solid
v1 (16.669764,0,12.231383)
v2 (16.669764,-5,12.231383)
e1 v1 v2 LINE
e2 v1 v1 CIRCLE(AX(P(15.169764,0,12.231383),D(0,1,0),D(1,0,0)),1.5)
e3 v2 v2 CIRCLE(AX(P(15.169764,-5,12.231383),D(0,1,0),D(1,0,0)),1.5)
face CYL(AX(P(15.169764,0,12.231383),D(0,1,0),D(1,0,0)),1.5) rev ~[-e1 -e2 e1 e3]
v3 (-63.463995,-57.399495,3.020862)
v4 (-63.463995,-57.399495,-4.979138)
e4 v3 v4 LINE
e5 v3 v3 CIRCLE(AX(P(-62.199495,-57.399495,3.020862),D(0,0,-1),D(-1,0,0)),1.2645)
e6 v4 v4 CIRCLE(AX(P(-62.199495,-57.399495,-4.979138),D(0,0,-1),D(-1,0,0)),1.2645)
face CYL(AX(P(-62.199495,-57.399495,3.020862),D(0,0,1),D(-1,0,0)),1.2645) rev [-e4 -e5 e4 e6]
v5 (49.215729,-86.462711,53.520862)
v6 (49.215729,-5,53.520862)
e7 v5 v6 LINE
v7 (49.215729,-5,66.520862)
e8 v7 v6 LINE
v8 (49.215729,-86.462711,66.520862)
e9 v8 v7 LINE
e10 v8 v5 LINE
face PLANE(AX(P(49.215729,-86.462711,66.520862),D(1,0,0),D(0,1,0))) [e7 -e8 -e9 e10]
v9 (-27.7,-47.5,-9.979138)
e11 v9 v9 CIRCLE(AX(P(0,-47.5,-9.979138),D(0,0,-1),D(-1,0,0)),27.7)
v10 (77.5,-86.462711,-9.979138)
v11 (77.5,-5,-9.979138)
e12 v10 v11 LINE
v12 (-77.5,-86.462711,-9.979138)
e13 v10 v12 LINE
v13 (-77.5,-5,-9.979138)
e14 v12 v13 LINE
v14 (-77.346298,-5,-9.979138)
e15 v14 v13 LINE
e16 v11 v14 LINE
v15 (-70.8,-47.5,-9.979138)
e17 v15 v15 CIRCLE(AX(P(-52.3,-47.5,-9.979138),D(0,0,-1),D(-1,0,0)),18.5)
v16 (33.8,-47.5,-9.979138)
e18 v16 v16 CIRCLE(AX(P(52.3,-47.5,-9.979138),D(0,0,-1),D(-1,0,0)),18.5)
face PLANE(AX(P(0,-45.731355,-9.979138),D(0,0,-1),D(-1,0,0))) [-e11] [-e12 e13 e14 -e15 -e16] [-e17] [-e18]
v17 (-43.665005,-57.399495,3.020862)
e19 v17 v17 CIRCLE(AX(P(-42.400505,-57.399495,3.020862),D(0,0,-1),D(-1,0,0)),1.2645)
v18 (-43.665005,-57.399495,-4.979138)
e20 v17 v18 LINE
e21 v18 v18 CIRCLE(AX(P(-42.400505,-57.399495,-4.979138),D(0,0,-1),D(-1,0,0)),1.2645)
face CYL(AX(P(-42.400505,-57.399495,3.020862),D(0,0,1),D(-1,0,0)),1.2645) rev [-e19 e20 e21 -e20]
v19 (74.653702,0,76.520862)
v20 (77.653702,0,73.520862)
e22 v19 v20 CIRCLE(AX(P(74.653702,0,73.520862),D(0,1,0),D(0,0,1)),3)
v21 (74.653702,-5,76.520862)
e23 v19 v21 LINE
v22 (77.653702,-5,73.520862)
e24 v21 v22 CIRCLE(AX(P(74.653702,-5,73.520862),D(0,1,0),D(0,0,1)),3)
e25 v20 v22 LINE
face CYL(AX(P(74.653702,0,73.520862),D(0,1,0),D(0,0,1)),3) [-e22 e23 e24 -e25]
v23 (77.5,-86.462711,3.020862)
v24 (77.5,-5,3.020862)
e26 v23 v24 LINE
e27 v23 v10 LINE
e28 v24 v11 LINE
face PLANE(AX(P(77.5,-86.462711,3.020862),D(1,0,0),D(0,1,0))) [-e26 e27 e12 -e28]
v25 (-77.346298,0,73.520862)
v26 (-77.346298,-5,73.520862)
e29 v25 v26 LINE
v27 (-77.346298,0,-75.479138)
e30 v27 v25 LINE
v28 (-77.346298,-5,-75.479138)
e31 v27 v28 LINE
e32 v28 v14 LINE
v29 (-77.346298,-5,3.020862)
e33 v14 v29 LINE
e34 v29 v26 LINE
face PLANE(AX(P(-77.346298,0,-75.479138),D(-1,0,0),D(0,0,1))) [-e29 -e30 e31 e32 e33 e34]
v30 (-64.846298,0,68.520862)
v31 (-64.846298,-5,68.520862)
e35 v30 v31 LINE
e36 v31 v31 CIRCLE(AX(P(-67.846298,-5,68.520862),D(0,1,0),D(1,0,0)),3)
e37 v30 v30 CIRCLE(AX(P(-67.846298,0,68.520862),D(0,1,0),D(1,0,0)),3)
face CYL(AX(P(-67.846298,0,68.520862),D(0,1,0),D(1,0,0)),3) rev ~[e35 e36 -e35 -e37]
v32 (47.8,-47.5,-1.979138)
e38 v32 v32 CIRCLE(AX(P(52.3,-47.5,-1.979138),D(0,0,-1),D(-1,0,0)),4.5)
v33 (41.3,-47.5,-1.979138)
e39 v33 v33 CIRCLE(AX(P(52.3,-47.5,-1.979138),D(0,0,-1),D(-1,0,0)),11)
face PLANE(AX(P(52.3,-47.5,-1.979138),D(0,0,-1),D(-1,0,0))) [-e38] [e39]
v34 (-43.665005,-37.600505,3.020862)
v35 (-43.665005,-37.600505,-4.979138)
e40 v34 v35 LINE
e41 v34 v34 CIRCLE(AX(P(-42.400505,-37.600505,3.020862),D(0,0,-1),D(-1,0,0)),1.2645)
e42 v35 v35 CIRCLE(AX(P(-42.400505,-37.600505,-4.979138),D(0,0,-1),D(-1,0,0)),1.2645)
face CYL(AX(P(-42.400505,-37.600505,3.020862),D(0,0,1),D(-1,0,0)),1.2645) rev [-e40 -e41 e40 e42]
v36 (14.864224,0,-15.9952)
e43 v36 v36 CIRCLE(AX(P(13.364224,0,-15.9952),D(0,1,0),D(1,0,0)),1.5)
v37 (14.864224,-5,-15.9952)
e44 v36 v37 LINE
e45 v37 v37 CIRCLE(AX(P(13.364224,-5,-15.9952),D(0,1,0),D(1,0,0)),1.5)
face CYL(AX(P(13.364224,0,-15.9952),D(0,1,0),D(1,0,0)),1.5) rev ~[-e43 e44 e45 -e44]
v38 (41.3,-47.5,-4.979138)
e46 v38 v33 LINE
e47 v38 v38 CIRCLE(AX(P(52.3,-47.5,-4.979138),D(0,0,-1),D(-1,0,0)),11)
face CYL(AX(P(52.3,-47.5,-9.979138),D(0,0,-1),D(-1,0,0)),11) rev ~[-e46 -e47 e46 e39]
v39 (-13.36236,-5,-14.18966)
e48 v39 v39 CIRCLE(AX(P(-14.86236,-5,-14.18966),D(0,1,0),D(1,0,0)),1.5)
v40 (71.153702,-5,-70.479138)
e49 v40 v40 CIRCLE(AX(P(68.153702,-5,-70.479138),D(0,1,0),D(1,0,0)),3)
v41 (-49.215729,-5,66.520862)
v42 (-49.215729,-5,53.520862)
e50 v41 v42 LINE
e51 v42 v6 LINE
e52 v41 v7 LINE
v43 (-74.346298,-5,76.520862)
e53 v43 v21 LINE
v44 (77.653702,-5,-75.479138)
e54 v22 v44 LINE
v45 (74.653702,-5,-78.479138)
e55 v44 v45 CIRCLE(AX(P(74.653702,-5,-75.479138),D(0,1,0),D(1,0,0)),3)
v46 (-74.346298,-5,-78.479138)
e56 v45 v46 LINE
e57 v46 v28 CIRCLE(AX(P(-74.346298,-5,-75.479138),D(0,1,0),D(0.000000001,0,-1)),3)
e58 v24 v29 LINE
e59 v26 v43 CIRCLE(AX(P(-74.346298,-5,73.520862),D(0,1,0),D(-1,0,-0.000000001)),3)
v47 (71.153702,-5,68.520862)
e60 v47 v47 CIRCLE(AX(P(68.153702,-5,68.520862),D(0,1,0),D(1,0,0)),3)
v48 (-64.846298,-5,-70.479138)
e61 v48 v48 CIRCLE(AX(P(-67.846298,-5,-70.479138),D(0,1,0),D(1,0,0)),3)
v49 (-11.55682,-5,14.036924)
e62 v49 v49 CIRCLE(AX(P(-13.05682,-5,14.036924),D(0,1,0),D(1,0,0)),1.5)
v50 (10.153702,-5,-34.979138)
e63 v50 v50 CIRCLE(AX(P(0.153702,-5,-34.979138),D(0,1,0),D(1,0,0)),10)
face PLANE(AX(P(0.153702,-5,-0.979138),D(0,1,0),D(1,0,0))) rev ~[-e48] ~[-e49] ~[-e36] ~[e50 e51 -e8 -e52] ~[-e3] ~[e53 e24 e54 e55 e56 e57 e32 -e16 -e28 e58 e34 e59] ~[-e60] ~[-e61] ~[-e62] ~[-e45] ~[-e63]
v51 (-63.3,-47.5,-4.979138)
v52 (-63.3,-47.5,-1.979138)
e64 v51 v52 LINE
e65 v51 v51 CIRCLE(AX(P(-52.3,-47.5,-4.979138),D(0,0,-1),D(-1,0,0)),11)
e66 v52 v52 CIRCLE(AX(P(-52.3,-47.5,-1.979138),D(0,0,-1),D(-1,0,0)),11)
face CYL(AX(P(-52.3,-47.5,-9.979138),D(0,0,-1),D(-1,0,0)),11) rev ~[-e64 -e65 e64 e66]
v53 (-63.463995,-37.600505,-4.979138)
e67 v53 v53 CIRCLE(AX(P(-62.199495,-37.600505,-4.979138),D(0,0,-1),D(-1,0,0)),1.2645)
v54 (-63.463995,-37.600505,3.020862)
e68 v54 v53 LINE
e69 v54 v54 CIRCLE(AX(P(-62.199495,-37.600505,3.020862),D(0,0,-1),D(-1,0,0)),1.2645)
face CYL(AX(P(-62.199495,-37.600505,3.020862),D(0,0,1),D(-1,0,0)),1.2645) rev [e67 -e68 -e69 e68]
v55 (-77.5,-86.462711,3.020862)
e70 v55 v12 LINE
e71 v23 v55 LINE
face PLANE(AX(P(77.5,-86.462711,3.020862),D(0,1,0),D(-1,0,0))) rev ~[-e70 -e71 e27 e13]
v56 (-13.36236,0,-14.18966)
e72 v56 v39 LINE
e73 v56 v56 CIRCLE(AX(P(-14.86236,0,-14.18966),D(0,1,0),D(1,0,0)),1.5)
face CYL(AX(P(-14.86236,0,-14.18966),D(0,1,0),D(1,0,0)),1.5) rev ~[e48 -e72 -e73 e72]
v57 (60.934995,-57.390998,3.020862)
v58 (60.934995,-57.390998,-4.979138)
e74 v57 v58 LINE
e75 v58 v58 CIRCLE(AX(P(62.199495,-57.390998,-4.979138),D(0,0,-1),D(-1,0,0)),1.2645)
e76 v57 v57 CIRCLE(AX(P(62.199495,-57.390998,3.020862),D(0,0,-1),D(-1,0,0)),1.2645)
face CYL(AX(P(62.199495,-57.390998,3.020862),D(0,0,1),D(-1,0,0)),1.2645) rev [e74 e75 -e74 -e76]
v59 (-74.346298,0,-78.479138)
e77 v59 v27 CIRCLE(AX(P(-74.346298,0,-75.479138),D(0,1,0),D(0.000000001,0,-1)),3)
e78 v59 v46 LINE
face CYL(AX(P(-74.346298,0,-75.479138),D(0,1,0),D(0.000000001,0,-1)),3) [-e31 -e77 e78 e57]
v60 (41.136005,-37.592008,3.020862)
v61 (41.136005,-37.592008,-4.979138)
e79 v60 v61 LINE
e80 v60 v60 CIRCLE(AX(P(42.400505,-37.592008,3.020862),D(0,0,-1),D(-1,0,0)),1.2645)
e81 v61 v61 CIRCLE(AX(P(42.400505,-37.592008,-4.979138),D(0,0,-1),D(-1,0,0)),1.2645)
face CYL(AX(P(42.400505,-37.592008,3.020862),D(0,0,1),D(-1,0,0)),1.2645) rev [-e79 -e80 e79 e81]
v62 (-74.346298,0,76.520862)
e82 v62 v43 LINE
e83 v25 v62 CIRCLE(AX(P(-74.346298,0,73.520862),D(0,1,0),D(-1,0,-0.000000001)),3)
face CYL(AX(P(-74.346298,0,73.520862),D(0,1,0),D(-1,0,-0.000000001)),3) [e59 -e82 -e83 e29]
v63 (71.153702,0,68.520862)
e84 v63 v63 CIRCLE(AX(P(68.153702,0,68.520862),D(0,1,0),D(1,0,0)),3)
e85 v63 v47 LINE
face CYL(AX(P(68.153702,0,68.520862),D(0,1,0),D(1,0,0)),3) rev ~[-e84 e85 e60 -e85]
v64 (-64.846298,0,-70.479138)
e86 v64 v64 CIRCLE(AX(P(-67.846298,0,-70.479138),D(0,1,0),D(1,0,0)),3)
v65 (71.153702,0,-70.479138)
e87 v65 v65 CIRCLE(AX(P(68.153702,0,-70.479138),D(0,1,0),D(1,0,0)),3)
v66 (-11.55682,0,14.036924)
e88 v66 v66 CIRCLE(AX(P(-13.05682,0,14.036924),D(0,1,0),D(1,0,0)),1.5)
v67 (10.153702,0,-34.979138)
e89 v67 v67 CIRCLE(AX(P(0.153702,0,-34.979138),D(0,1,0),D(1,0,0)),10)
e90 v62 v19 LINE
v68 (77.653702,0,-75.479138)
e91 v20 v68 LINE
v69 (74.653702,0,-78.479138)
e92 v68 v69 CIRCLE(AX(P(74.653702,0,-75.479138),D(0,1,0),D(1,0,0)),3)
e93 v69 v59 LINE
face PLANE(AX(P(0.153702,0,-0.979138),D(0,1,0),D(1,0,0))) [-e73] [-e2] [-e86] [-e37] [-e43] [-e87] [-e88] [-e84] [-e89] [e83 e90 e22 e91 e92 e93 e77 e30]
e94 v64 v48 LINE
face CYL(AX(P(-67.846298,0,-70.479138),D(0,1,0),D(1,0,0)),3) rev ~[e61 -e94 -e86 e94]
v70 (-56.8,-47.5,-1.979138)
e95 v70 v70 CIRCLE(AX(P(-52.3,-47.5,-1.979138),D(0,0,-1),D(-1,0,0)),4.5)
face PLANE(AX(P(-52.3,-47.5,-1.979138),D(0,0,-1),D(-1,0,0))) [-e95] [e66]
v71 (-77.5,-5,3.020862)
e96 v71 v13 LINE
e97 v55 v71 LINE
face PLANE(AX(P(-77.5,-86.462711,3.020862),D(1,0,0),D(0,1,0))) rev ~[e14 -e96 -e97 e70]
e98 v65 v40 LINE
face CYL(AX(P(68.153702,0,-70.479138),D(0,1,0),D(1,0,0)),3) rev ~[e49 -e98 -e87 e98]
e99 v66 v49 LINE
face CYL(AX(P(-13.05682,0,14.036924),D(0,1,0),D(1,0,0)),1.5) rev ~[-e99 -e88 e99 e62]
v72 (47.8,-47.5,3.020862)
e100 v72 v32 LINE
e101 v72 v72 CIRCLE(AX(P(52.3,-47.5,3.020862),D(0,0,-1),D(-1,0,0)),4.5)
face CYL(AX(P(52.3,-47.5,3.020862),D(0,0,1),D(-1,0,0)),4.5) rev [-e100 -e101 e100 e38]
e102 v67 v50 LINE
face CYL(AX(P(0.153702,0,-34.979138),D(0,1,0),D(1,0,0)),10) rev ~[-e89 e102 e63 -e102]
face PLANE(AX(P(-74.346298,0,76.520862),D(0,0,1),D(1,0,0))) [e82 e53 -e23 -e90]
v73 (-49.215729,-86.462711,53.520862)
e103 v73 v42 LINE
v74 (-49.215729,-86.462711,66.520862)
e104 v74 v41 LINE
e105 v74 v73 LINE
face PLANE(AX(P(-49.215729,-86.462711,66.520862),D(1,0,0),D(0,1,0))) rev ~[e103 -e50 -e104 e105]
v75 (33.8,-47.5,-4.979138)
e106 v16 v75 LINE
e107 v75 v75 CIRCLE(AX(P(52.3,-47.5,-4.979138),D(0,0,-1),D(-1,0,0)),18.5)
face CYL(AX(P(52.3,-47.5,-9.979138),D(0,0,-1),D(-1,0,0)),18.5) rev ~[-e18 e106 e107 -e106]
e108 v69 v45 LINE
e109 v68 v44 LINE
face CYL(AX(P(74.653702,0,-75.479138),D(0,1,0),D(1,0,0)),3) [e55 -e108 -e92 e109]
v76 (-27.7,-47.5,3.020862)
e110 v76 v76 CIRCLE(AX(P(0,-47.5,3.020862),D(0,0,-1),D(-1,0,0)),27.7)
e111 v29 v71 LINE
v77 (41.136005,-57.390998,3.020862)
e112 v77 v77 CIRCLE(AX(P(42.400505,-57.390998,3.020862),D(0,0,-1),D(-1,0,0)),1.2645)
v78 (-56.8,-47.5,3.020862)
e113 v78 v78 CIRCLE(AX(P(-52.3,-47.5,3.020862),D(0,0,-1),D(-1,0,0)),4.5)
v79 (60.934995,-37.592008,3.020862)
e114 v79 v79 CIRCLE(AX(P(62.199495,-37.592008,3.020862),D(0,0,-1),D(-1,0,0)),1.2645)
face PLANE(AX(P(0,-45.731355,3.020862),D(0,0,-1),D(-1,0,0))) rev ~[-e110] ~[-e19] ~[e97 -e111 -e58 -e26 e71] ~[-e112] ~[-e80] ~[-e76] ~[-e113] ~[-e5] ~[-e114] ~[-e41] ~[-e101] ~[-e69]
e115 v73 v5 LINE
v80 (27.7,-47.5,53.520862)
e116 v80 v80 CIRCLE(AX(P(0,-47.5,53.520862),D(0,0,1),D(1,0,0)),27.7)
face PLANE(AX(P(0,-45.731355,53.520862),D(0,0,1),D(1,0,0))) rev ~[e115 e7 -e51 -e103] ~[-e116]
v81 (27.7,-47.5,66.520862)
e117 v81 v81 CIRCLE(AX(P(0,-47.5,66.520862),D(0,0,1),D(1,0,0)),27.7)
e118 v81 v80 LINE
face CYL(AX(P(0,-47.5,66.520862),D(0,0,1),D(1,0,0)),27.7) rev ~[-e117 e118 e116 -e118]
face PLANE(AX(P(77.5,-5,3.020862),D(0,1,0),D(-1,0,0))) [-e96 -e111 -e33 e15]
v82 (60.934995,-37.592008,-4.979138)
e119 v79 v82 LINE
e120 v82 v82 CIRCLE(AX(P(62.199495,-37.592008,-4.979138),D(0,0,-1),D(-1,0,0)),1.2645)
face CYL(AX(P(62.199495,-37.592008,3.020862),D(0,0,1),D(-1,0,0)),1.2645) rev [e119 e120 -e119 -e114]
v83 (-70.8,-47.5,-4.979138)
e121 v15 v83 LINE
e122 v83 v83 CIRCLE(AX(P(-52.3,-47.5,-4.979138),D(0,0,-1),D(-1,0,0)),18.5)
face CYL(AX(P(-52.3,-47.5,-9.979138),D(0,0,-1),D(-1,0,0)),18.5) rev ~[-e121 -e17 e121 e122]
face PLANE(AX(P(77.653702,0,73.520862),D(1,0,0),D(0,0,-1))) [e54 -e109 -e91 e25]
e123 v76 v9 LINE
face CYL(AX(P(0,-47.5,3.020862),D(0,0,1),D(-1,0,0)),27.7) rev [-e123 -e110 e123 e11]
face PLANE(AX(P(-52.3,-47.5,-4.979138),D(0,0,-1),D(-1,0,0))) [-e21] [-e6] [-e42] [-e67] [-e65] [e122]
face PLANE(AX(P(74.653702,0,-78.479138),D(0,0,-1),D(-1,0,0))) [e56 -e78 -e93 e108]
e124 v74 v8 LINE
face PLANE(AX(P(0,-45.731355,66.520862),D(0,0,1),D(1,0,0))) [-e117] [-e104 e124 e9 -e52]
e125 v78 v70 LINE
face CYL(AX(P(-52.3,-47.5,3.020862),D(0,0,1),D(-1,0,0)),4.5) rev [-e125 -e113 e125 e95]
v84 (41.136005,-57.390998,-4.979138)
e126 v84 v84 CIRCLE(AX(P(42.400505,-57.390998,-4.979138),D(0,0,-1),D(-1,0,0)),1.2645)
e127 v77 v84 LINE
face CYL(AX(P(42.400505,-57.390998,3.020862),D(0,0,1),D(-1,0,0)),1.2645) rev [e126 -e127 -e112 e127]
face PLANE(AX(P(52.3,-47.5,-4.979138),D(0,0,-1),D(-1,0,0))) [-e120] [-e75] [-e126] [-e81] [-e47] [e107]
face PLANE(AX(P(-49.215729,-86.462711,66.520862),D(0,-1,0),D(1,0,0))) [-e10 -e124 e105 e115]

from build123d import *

# Parameters (mm, degrees)
SKETCH1_R           = 10
SKETCH1_R_2         = 3
SKETCH1_R_3         = 1.5
BOSS_EXTRUDE1_DEPTH = 5
SKETCH2_W           = 98.431457506
SKETCH2_H           = 81.46271096
SKETCH2_R           = 27.7
BOSS_EXTRUDE2_DEPTH = 13
SKETCH3_W           = 155
SKETCH3_H           = 81.46271096
SKETCH3_R           = 27.7
SKETCH3_R_2         = 1.2645
SKETCH3_R_3         = 4.5
BOSS_EXTRUDE3_DEPTH = 13
CUT_EXTRUDE1_START  = -5
SKETCH4_R           = 18.5
SKETCH4_R_2         = 4.5
SKETCH4_R_3         = 1.2645
CUT_EXTRUDE1_DEPTH  = 5
CUT_EXTRUDE2_START  = -8
SKETCH4_3_R         = 11
SKETCH4_3_R_2       = 4.5
CUT_EXTRUDE2_DEPTH  = 8
LPATTERN1_COUNT     = 2
LPATTERN1_PITCH     = 104.6
CUT_EXTRUDE3_START  = -36
SKETCH5_W           = 23.598249953
SKETCH5_H           = 5
CUT_EXTRUDE3_DEPTH  = 23


with BuildPart() as part:
    # Sketch1 → Boss-Extrude1 (new body)
    with BuildSketch(Plane(origin=(0, 0, 0), x_dir=(1, 0, 0), z_dir=(0, 1, 0))):
        with BuildLine():
            Line((74.653701946, 78.479138322), (-74.346298054, 78.479138322))
            ThreePointArc((-74.346298054, 78.479138322), (-76.467618398, 77.600458666), (-77.346298054, 75.479138322))
            Line((-77.346298054, 75.479138322), (-77.346298054, -73.520861678))
            ThreePointArc((-77.346298054, -73.520861678), (-76.467618398, -75.642182022), (-74.346298054, -76.520861678))
            Line((-74.346298054, -76.520861678), (74.653701946, -76.520861678))
            ThreePointArc((74.653701946, -76.520861678), (76.775022289, -75.642182022), (77.653701946, -73.520861678))
            Line((77.653701946, -73.520861678), (77.653701946, 75.479138322))
            ThreePointArc((77.653701946, 75.479138322), (76.775022289, 77.600458666), (74.653701946, 78.479138322))
        make_face()
        with Locations((0.153701946, 34.979138322)):
            Circle(SKETCH1_R, mode=Mode.SUBTRACT)
        with Locations((68.153701946, -68.520861678)):
            Circle(SKETCH1_R_2, mode=Mode.SUBTRACT)
        with Locations((68.153701946, 70.479138322)):
            Circle(SKETCH1_R_2, mode=Mode.SUBTRACT)
        with Locations((-67.846298054, 70.479138322)):
            Circle(SKETCH1_R_2, mode=Mode.SUBTRACT)
        with Locations((-67.846298054, -68.520861678)):
            Circle(SKETCH1_R_2, mode=Mode.SUBTRACT)
        with Locations((-14.862359946, 14.189660085)):
            Circle(SKETCH1_R_3, mode=Mode.SUBTRACT)
        with Locations((-13.056819817, -14.03692357)):
            Circle(SKETCH1_R_3, mode=Mode.SUBTRACT)
        with Locations((15.169763838, -12.231383441)):
            Circle(SKETCH1_R_3, mode=Mode.SUBTRACT)
        with Locations((13.364223709, 15.995200214)):
            Circle(SKETCH1_R_3, mode=Mode.SUBTRACT)
    extrude(amount=-BOSS_EXTRUDE1_DEPTH)

    # Sketch2 → Boss-Extrude2 (add)
    with BuildSketch(Plane.XY.offset(66.520861678)):
        with Locations((0, -45.73135548)):
            Rectangle(SKETCH2_W, SKETCH2_H)
        with Locations((0, -47.5)):
            Circle(SKETCH2_R, mode=Mode.SUBTRACT)
    extrude(amount=-BOSS_EXTRUDE2_DEPTH)

    # Sketch3 → Boss-Extrude3 (add)
    with BuildSketch(Plane(origin=(0, 0, 3.020861678), x_dir=(-1, 0, 0), z_dir=(0, 0, -1))):
        with Locations((0, -45.73135548)):
            Rectangle(SKETCH3_W, SKETCH3_H)
        with Locations((0, -47.5)):
            Circle(SKETCH3_R, mode=Mode.SUBTRACT)
        with Locations((42.400505063, -57.399494937)):
            Circle(SKETCH3_R_2, mode=Mode.SUBTRACT)
        with Locations((42.400505063, -37.600505063)):
            Circle(SKETCH3_R_2, mode=Mode.SUBTRACT)
        with Locations((52.3, -47.5)):
            Circle(SKETCH3_R_3, mode=Mode.SUBTRACT)
        with Locations((62.199494937, -37.600505063)):
            Circle(SKETCH3_R_2, mode=Mode.SUBTRACT)
        with Locations((62.199494937, -57.399494937)):
            Circle(SKETCH3_R_2, mode=Mode.SUBTRACT)
        with Locations((-42.400505063, -57.390997892)):
            Circle(SKETCH3_R_2, mode=Mode.SUBTRACT)
        with Locations((-42.400505063, -37.592008019)):
            Circle(SKETCH3_R_2, mode=Mode.SUBTRACT)
        with Locations((-52.3, -47.5)):
            Circle(SKETCH3_R_3, mode=Mode.SUBTRACT)
        with Locations((-62.199494937, -57.390997892)):
            Circle(SKETCH3_R_2, mode=Mode.SUBTRACT)
        with Locations((-62.199494937, -37.592008019)):
            Circle(SKETCH3_R_2, mode=Mode.SUBTRACT)
    extrude(amount=BOSS_EXTRUDE3_DEPTH)

    # Sketch4 → Cut-Extrude1 (cut)
    with BuildSketch(Plane(origin=(0, 0, -9.979138322), x_dir=(-1, 0, 0), z_dir=(0, 0, -1)).offset(CUT_EXTRUDE1_START)):
        with Locations((52.3, -47.5)):
            Circle(SKETCH4_R)
        with Locations((52.3, -47.5)):
            Circle(SKETCH4_R_2, mode=Mode.SUBTRACT)
        with Locations((42.400505063, -57.399494937)):
            Circle(SKETCH4_R_3, mode=Mode.SUBTRACT)
        with Locations((62.199494937, -57.399494937)):
            Circle(SKETCH4_R_3, mode=Mode.SUBTRACT)
        with Locations((42.400505063, -37.600505063)):
            Circle(SKETCH4_R_3, mode=Mode.SUBTRACT)
        with Locations((62.199494937, -37.600505063)):
            Circle(SKETCH4_R_3, mode=Mode.SUBTRACT)
    cut_extrude1 = extrude(amount=CUT_EXTRUDE1_DEPTH, mode=Mode.SUBTRACT)

    # Sketch4<3> → Cut-Extrude2 (cut)
    with BuildSketch(Plane(origin=(0, 0, -9.979138322), x_dir=(-1, 0, 0), z_dir=(0, 0, -1)).offset(CUT_EXTRUDE2_START)):
        with Locations((52.3, -47.5)):
            Circle(SKETCH4_3_R)
        with Locations((52.3, -47.5)):
            Circle(SKETCH4_3_R_2, mode=Mode.SUBTRACT)
    cut_extrude2 = extrude(amount=CUT_EXTRUDE2_DEPTH, mode=Mode.SUBTRACT)

    # LPattern1: Cut-Extrude1, Cut-Extrude2 ×2
    with Locations(*[(i * LPATTERN1_PITCH, 0, 0) for i in range(1, LPATTERN1_COUNT)]):
        add(cut_extrude1, mode=Mode.SUBTRACT)
        add(cut_extrude2, mode=Mode.SUBTRACT)

    # Sketch5 → Cut-Extrude3 (cut)
    with BuildSketch(Plane(origin=(0, 0, 0), x_dir=(1, 0, 0), z_dir=(0, 1, 0)).offset(CUT_EXTRUDE3_START)):
        with Locations((52.291592137, 7.479138322)):
            Rectangle(SKETCH5_W, SKETCH5_H)
    extrude(amount=-CUT_EXTRUDE3_DEPTH, mode=Mode.SUBTRACT)


solid = part.part
